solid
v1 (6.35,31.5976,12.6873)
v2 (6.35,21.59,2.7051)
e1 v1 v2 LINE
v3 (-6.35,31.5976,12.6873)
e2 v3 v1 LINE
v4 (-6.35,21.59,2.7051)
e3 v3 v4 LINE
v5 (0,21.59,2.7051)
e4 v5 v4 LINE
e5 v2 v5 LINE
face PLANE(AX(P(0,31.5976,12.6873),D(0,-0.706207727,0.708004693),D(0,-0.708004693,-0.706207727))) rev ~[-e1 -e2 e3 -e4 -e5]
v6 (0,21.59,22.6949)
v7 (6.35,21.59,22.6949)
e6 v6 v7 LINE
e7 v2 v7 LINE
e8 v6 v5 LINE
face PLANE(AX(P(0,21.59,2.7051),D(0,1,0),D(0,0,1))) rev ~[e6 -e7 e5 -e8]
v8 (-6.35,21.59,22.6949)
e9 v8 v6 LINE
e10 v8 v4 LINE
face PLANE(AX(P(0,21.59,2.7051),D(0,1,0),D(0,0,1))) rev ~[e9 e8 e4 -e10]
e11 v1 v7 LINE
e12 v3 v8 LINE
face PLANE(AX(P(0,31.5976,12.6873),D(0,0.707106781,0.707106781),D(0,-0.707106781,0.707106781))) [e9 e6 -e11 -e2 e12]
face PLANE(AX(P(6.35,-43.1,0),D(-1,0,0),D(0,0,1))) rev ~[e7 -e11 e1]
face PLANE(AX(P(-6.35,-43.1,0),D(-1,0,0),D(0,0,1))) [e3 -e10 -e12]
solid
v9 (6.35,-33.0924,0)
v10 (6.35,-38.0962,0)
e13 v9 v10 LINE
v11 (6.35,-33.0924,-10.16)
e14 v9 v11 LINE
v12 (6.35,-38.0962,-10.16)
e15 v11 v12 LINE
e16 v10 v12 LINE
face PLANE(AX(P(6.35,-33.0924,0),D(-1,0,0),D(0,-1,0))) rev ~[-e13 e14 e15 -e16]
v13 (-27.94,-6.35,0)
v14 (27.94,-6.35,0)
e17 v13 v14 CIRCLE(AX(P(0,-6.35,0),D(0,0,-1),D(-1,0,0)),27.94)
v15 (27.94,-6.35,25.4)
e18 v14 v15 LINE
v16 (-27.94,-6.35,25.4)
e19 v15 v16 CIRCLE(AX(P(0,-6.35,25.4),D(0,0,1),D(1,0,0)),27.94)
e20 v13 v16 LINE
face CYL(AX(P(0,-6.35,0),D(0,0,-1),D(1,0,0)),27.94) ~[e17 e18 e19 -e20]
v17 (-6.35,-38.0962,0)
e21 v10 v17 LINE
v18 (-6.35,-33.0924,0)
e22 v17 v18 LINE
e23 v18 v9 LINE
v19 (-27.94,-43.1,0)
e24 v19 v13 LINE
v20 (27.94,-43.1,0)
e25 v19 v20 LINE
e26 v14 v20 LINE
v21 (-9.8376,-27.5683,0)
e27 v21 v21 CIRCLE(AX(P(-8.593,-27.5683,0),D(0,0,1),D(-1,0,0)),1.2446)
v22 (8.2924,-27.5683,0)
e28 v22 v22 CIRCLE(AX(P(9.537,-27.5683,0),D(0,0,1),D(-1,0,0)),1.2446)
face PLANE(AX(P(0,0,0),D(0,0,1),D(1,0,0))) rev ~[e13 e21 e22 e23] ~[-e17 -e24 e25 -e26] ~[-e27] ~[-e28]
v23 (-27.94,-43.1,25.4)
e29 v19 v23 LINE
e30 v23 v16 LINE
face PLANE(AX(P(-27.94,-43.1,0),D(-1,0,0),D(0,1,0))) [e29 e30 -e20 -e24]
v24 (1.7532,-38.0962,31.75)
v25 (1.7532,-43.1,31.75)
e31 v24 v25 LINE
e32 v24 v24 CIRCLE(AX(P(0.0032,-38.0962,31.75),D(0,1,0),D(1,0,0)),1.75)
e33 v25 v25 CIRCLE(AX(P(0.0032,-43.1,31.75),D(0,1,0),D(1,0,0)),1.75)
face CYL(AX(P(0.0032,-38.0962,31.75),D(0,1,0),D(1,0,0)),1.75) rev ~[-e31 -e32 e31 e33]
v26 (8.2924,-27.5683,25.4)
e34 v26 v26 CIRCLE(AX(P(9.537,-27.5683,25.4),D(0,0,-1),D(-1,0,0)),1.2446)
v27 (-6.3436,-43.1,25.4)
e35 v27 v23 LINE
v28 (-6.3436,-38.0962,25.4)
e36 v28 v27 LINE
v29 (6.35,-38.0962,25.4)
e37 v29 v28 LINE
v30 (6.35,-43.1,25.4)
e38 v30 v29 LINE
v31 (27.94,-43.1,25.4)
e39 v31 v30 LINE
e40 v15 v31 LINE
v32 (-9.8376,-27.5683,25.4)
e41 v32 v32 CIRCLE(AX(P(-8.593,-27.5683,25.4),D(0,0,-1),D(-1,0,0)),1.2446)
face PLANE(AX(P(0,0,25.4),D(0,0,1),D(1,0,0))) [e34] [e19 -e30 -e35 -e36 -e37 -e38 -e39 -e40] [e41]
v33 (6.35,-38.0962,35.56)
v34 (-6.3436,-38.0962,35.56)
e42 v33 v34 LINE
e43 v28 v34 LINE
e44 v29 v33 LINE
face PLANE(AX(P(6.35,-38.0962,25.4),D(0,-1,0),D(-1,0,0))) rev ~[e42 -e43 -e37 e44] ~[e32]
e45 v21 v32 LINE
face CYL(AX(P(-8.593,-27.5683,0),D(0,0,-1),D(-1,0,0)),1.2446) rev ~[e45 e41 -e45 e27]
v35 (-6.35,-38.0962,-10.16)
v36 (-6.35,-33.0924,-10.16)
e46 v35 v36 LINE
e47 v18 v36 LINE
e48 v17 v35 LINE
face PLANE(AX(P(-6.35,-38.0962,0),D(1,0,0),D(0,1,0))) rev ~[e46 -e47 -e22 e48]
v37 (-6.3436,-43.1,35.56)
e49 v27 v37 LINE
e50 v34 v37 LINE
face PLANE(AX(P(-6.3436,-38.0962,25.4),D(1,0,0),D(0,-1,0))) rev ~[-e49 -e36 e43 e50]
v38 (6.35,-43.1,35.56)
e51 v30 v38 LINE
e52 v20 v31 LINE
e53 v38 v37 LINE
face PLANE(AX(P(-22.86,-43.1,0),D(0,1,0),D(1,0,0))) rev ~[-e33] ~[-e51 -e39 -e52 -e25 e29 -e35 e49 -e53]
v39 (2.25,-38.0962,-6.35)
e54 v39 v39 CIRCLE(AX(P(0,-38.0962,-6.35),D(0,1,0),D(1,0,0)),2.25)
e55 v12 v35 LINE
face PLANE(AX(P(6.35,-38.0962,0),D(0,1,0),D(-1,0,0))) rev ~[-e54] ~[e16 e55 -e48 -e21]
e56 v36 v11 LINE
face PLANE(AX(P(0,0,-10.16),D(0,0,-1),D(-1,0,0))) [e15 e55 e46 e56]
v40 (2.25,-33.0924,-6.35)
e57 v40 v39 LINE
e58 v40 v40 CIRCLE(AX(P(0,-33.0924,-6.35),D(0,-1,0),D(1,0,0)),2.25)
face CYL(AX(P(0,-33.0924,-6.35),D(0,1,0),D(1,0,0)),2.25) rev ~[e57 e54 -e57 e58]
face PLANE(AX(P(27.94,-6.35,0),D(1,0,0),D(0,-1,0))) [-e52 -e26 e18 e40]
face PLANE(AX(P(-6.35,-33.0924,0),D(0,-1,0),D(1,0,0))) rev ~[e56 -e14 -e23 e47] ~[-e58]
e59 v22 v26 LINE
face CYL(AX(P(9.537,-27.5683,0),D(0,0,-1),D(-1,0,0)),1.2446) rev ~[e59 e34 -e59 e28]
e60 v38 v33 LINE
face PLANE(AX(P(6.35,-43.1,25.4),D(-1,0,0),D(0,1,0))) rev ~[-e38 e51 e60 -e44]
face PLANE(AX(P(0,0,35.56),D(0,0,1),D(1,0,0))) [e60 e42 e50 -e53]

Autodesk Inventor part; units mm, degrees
ref_plane "YZ Plane" through (0, 0, 0) normal (1, 0, 0) x (0, 1, 0)
ref_plane "XZ Plane" through (0, 0, 0) normal (0, 1, 0) x (-1, 0, 0)
sketch "Sketch1" plane through (0, 0, 0) normal (0, 0, 1) x (1, 0, 0)
  line L0 (6.3576, -38.0962) -> (6.3576, -43.1) projected
  line L1 (6.3576, -43.1) -> (22.8752, -43.1) projected
  line L2 (22.8752, -43.1) -> (22.8752, 0) projected
  line L3 (22.8752, 0) -> (22.86, 0) projected
  arc A0 (22.86, 0) -> (-22.86, 0) centre (0, 0) ccw projected
  line L4 (-22.86, 0) -> (-22.86, -43.1) projected
  line L5 (-22.86, -43.1) -> (-6.3424, -43.1) projected
  line L6 (-6.3424, -43.1) -> (-6.3424, -38.0962) projected
  line L7 (-6.3424, -38.0962) -> (6.3576, -38.0962) projected
  line L8 (14.6164, -43.1) -> (-27.9273, -43.1)
  line L9 (-27.9273, -43.1) -> (27.94, -43.1)
  line L10 (0, 0) -> (0, -6.35)
  circle A1 centre (0, -6.35) radius 27.94
  line L11 (-27.94, -6.35) -> (27.94, -6.35)
  line L12 (27.94, -6.35) -> (27.94, -43.1)
  line L13 (27.94, -43.1) -> (-27.94, -43.1)
  line L14 (-27.94, -43.1) -> (-27.94, -6.35)
  point P0 (0, 0)
  dimension "d27" = 55.88
  dimension "d26" = 6.35
extrude "Extrusion1" add sketch "Sketch1" along normal blind 25.4 contours L7 L6 L5 L4 A1 L2 L1 L0 | L0 L8 L6 L7 | L2 A1 L12 L9 | L8 L13 L14 A1 L4 | A1 L4 L11 L2 | L2 L11 A1 | A1 L11 L4 | L11 L4 A0 A1 L3 L2 | L2 L3 A0 A1 L11 | L11 A1 A0 L4
sketch "Sketch2" plane through (0, 0, 0) normal (0, 0, -1) x (-1, 0, 0)
  line L0 (7.62, -43.1) -> (-7.62, -43.1) projected
  line L1 (-7.62, -43.1) -> (-7.62, -38.0962) projected
  line L2 (-7.62, -38.0962) -> (7.62, -38.0962) projected
  line L3 (7.62, -38.0962) -> (7.62, -43.1) projected
  line L4 (-0.0064, -43.1) -> (6.3436, -43.1)
  line L5 (6.3436, -43.1) -> (-6.3564, -43.1)
  line L6 (6.3436, -43.1) -> (-6.35, -43.1)
  line L7 (-6.35, -38.0962) -> (6.35, -38.0962)
  line L8 (-6.35, -38.0962) -> (6.35, -38.0962)
  line L9 (6.35, -38.0962) -> (6.35, -33.0924)
  line L10 (6.35, -33.0924) -> (-6.35, -33.0924)
  line L11 (-6.35, -33.0924) -> (-6.35, -38.0962)
  point P0 (0, 0)
  dimension "d19" = 6.35
  dimension "d20" = 12.7
  dimension "d21" = 5.0038
extrude "Extrusion2" add sketch "Sketch2" along normal blind 10.16 contours L2 L11 L10 L9
sketch "Sketch4" plane through (0, 0, 25.4) normal (0, 0, 1) x (1, 0, 0)
  line L0 (0.0064, -43.1) -> (6.3564, -43.1)
  line L1 (6.3564, -43.1) -> (-6.3436, -43.1)
  line L2 (-6.3436, -43.1) -> (6.35, -43.1)
  line L3 (6.35, -43.1) -> (6.35, -38.0962)
  line L4 (6.35, -38.0962) -> (-6.3436, -38.0962)
  line L5 (-6.3436, -38.0962) -> (-6.3436, -43.1)
  point P0 (0, 0)
  dimension "d10" = 6.35
  dimension "d11" = 12.7
  dimension "d12" = 5.0038
extrude "Extrusion4" add sketch "Sketch4" along normal blind 10.16
sketch "Sketch5" plane through (-6.3436, -38.0962, 25.4) normal (0, 1, 0) x (1, 0, 0)
  line L0 (12.6936, -10.16) -> (0, -10.16) projected
  line L1 (6.3468, -10.16) -> (6.3468, -6.35)
  circle A0 centre (6.3468, -6.35) radius 1.75
  point P0 (6.3436, 25.4)
  dimension "d15" = 3.81
  dimension "d16" = 3.5
extrude "Extrusion5" cut sketch "Sketch5" against normal blind 10.16
sketch "Sketch6" plane through (-6.35, -33.0924, 0) normal (0, 1, 0) x (1, 0, 0)
  line L0 (12.7, 10.16) -> (0, 10.16) projected
  line L1 (6.35, 10.16) -> (6.35, 6.35)
  circle A0 centre (6.35, 6.35) radius 2.25
  point P0 (6.35, 0)
  dimension "d22" = 3.81
  dimension "d23" = 4.5
extrude "Extrusion6" cut sketch "Sketch6" against normal blind 10.16
ref_plane "Work Plane1" through (0, -43.1, 0) normal (-1, 0, 0) x (0, 0, 1)
sketch "Sketch7" plane through (0, -43.1, 0) normal (-1, 0, 0) x (0, 0, 1)
  line L0 (0, 64.69) -> (0, 36.75) projected
  line L1 (0, 64.69) -> (2.7051, 64.69)
  line L2 (0, 64.69) -> (25.4, 64.69) projected
  line L3 (2.7051, 64.69) -> (22.6949, 64.69)
  line L4 (22.6949, 64.69) -> (12.6873, 64.69)
  line L5 (12.6873, 64.69) -> (12.6873, 74.6976)
  line L6 (12.6873, 74.6976) -> (22.6949, 64.69)
  line L7 (12.6873, 74.6976) -> (2.7051, 64.69)
  point P0 (0, 43.1)
  dimension "d29" = 2.7051
  dimension "d30" = 19.9898
  dimension "d31" = 10.0076
  dimension "d32" = 10.0076
extrude "Extrusion7" add sketch "Sketch7" along normal mid plane 12.7
sketch "Sketch8" plane through (0, 0, 0) normal (0, 0, -1) x (-1, 0, 0)
  ellipse E0 centre (-10.537, -27.5683) end of major axis (-10.537, -26.3183) minor radius 1.25 projected
  ellipse E1 centre (9.593, -27.5683) end of major axis (9.593, -26.3237) minor radius 1.2446 projected
  line L0 (-10.537, -27.5683) -> (-9.537, -27.5683)
  line L1 (9.593, -27.5683) -> (8.593, -27.5683)
  circle A0 centre (-9.537, -27.5683) radius 1.2446
  circle A1 centre (8.593, -27.5683) radius 1.2446
  point P0 (0, 0)
  dimension "d35" = 1
  dimension "d36" = 1
  dimension "d37" = 2.4892
  dimension "d38" = 2.4892
extrude "Extrusion8" cut sketch "Sketch8" against normal blind 25.4 contours A0 E0 | E0 A0 | A1 E1 | E1 A1 picked at (-10.2799, -27.7436) picked at (-8.6366, -27.4668) picked at (9.3378, -27.743) picked at (7.6944, -27.4665)
properties part number "Tail4"
